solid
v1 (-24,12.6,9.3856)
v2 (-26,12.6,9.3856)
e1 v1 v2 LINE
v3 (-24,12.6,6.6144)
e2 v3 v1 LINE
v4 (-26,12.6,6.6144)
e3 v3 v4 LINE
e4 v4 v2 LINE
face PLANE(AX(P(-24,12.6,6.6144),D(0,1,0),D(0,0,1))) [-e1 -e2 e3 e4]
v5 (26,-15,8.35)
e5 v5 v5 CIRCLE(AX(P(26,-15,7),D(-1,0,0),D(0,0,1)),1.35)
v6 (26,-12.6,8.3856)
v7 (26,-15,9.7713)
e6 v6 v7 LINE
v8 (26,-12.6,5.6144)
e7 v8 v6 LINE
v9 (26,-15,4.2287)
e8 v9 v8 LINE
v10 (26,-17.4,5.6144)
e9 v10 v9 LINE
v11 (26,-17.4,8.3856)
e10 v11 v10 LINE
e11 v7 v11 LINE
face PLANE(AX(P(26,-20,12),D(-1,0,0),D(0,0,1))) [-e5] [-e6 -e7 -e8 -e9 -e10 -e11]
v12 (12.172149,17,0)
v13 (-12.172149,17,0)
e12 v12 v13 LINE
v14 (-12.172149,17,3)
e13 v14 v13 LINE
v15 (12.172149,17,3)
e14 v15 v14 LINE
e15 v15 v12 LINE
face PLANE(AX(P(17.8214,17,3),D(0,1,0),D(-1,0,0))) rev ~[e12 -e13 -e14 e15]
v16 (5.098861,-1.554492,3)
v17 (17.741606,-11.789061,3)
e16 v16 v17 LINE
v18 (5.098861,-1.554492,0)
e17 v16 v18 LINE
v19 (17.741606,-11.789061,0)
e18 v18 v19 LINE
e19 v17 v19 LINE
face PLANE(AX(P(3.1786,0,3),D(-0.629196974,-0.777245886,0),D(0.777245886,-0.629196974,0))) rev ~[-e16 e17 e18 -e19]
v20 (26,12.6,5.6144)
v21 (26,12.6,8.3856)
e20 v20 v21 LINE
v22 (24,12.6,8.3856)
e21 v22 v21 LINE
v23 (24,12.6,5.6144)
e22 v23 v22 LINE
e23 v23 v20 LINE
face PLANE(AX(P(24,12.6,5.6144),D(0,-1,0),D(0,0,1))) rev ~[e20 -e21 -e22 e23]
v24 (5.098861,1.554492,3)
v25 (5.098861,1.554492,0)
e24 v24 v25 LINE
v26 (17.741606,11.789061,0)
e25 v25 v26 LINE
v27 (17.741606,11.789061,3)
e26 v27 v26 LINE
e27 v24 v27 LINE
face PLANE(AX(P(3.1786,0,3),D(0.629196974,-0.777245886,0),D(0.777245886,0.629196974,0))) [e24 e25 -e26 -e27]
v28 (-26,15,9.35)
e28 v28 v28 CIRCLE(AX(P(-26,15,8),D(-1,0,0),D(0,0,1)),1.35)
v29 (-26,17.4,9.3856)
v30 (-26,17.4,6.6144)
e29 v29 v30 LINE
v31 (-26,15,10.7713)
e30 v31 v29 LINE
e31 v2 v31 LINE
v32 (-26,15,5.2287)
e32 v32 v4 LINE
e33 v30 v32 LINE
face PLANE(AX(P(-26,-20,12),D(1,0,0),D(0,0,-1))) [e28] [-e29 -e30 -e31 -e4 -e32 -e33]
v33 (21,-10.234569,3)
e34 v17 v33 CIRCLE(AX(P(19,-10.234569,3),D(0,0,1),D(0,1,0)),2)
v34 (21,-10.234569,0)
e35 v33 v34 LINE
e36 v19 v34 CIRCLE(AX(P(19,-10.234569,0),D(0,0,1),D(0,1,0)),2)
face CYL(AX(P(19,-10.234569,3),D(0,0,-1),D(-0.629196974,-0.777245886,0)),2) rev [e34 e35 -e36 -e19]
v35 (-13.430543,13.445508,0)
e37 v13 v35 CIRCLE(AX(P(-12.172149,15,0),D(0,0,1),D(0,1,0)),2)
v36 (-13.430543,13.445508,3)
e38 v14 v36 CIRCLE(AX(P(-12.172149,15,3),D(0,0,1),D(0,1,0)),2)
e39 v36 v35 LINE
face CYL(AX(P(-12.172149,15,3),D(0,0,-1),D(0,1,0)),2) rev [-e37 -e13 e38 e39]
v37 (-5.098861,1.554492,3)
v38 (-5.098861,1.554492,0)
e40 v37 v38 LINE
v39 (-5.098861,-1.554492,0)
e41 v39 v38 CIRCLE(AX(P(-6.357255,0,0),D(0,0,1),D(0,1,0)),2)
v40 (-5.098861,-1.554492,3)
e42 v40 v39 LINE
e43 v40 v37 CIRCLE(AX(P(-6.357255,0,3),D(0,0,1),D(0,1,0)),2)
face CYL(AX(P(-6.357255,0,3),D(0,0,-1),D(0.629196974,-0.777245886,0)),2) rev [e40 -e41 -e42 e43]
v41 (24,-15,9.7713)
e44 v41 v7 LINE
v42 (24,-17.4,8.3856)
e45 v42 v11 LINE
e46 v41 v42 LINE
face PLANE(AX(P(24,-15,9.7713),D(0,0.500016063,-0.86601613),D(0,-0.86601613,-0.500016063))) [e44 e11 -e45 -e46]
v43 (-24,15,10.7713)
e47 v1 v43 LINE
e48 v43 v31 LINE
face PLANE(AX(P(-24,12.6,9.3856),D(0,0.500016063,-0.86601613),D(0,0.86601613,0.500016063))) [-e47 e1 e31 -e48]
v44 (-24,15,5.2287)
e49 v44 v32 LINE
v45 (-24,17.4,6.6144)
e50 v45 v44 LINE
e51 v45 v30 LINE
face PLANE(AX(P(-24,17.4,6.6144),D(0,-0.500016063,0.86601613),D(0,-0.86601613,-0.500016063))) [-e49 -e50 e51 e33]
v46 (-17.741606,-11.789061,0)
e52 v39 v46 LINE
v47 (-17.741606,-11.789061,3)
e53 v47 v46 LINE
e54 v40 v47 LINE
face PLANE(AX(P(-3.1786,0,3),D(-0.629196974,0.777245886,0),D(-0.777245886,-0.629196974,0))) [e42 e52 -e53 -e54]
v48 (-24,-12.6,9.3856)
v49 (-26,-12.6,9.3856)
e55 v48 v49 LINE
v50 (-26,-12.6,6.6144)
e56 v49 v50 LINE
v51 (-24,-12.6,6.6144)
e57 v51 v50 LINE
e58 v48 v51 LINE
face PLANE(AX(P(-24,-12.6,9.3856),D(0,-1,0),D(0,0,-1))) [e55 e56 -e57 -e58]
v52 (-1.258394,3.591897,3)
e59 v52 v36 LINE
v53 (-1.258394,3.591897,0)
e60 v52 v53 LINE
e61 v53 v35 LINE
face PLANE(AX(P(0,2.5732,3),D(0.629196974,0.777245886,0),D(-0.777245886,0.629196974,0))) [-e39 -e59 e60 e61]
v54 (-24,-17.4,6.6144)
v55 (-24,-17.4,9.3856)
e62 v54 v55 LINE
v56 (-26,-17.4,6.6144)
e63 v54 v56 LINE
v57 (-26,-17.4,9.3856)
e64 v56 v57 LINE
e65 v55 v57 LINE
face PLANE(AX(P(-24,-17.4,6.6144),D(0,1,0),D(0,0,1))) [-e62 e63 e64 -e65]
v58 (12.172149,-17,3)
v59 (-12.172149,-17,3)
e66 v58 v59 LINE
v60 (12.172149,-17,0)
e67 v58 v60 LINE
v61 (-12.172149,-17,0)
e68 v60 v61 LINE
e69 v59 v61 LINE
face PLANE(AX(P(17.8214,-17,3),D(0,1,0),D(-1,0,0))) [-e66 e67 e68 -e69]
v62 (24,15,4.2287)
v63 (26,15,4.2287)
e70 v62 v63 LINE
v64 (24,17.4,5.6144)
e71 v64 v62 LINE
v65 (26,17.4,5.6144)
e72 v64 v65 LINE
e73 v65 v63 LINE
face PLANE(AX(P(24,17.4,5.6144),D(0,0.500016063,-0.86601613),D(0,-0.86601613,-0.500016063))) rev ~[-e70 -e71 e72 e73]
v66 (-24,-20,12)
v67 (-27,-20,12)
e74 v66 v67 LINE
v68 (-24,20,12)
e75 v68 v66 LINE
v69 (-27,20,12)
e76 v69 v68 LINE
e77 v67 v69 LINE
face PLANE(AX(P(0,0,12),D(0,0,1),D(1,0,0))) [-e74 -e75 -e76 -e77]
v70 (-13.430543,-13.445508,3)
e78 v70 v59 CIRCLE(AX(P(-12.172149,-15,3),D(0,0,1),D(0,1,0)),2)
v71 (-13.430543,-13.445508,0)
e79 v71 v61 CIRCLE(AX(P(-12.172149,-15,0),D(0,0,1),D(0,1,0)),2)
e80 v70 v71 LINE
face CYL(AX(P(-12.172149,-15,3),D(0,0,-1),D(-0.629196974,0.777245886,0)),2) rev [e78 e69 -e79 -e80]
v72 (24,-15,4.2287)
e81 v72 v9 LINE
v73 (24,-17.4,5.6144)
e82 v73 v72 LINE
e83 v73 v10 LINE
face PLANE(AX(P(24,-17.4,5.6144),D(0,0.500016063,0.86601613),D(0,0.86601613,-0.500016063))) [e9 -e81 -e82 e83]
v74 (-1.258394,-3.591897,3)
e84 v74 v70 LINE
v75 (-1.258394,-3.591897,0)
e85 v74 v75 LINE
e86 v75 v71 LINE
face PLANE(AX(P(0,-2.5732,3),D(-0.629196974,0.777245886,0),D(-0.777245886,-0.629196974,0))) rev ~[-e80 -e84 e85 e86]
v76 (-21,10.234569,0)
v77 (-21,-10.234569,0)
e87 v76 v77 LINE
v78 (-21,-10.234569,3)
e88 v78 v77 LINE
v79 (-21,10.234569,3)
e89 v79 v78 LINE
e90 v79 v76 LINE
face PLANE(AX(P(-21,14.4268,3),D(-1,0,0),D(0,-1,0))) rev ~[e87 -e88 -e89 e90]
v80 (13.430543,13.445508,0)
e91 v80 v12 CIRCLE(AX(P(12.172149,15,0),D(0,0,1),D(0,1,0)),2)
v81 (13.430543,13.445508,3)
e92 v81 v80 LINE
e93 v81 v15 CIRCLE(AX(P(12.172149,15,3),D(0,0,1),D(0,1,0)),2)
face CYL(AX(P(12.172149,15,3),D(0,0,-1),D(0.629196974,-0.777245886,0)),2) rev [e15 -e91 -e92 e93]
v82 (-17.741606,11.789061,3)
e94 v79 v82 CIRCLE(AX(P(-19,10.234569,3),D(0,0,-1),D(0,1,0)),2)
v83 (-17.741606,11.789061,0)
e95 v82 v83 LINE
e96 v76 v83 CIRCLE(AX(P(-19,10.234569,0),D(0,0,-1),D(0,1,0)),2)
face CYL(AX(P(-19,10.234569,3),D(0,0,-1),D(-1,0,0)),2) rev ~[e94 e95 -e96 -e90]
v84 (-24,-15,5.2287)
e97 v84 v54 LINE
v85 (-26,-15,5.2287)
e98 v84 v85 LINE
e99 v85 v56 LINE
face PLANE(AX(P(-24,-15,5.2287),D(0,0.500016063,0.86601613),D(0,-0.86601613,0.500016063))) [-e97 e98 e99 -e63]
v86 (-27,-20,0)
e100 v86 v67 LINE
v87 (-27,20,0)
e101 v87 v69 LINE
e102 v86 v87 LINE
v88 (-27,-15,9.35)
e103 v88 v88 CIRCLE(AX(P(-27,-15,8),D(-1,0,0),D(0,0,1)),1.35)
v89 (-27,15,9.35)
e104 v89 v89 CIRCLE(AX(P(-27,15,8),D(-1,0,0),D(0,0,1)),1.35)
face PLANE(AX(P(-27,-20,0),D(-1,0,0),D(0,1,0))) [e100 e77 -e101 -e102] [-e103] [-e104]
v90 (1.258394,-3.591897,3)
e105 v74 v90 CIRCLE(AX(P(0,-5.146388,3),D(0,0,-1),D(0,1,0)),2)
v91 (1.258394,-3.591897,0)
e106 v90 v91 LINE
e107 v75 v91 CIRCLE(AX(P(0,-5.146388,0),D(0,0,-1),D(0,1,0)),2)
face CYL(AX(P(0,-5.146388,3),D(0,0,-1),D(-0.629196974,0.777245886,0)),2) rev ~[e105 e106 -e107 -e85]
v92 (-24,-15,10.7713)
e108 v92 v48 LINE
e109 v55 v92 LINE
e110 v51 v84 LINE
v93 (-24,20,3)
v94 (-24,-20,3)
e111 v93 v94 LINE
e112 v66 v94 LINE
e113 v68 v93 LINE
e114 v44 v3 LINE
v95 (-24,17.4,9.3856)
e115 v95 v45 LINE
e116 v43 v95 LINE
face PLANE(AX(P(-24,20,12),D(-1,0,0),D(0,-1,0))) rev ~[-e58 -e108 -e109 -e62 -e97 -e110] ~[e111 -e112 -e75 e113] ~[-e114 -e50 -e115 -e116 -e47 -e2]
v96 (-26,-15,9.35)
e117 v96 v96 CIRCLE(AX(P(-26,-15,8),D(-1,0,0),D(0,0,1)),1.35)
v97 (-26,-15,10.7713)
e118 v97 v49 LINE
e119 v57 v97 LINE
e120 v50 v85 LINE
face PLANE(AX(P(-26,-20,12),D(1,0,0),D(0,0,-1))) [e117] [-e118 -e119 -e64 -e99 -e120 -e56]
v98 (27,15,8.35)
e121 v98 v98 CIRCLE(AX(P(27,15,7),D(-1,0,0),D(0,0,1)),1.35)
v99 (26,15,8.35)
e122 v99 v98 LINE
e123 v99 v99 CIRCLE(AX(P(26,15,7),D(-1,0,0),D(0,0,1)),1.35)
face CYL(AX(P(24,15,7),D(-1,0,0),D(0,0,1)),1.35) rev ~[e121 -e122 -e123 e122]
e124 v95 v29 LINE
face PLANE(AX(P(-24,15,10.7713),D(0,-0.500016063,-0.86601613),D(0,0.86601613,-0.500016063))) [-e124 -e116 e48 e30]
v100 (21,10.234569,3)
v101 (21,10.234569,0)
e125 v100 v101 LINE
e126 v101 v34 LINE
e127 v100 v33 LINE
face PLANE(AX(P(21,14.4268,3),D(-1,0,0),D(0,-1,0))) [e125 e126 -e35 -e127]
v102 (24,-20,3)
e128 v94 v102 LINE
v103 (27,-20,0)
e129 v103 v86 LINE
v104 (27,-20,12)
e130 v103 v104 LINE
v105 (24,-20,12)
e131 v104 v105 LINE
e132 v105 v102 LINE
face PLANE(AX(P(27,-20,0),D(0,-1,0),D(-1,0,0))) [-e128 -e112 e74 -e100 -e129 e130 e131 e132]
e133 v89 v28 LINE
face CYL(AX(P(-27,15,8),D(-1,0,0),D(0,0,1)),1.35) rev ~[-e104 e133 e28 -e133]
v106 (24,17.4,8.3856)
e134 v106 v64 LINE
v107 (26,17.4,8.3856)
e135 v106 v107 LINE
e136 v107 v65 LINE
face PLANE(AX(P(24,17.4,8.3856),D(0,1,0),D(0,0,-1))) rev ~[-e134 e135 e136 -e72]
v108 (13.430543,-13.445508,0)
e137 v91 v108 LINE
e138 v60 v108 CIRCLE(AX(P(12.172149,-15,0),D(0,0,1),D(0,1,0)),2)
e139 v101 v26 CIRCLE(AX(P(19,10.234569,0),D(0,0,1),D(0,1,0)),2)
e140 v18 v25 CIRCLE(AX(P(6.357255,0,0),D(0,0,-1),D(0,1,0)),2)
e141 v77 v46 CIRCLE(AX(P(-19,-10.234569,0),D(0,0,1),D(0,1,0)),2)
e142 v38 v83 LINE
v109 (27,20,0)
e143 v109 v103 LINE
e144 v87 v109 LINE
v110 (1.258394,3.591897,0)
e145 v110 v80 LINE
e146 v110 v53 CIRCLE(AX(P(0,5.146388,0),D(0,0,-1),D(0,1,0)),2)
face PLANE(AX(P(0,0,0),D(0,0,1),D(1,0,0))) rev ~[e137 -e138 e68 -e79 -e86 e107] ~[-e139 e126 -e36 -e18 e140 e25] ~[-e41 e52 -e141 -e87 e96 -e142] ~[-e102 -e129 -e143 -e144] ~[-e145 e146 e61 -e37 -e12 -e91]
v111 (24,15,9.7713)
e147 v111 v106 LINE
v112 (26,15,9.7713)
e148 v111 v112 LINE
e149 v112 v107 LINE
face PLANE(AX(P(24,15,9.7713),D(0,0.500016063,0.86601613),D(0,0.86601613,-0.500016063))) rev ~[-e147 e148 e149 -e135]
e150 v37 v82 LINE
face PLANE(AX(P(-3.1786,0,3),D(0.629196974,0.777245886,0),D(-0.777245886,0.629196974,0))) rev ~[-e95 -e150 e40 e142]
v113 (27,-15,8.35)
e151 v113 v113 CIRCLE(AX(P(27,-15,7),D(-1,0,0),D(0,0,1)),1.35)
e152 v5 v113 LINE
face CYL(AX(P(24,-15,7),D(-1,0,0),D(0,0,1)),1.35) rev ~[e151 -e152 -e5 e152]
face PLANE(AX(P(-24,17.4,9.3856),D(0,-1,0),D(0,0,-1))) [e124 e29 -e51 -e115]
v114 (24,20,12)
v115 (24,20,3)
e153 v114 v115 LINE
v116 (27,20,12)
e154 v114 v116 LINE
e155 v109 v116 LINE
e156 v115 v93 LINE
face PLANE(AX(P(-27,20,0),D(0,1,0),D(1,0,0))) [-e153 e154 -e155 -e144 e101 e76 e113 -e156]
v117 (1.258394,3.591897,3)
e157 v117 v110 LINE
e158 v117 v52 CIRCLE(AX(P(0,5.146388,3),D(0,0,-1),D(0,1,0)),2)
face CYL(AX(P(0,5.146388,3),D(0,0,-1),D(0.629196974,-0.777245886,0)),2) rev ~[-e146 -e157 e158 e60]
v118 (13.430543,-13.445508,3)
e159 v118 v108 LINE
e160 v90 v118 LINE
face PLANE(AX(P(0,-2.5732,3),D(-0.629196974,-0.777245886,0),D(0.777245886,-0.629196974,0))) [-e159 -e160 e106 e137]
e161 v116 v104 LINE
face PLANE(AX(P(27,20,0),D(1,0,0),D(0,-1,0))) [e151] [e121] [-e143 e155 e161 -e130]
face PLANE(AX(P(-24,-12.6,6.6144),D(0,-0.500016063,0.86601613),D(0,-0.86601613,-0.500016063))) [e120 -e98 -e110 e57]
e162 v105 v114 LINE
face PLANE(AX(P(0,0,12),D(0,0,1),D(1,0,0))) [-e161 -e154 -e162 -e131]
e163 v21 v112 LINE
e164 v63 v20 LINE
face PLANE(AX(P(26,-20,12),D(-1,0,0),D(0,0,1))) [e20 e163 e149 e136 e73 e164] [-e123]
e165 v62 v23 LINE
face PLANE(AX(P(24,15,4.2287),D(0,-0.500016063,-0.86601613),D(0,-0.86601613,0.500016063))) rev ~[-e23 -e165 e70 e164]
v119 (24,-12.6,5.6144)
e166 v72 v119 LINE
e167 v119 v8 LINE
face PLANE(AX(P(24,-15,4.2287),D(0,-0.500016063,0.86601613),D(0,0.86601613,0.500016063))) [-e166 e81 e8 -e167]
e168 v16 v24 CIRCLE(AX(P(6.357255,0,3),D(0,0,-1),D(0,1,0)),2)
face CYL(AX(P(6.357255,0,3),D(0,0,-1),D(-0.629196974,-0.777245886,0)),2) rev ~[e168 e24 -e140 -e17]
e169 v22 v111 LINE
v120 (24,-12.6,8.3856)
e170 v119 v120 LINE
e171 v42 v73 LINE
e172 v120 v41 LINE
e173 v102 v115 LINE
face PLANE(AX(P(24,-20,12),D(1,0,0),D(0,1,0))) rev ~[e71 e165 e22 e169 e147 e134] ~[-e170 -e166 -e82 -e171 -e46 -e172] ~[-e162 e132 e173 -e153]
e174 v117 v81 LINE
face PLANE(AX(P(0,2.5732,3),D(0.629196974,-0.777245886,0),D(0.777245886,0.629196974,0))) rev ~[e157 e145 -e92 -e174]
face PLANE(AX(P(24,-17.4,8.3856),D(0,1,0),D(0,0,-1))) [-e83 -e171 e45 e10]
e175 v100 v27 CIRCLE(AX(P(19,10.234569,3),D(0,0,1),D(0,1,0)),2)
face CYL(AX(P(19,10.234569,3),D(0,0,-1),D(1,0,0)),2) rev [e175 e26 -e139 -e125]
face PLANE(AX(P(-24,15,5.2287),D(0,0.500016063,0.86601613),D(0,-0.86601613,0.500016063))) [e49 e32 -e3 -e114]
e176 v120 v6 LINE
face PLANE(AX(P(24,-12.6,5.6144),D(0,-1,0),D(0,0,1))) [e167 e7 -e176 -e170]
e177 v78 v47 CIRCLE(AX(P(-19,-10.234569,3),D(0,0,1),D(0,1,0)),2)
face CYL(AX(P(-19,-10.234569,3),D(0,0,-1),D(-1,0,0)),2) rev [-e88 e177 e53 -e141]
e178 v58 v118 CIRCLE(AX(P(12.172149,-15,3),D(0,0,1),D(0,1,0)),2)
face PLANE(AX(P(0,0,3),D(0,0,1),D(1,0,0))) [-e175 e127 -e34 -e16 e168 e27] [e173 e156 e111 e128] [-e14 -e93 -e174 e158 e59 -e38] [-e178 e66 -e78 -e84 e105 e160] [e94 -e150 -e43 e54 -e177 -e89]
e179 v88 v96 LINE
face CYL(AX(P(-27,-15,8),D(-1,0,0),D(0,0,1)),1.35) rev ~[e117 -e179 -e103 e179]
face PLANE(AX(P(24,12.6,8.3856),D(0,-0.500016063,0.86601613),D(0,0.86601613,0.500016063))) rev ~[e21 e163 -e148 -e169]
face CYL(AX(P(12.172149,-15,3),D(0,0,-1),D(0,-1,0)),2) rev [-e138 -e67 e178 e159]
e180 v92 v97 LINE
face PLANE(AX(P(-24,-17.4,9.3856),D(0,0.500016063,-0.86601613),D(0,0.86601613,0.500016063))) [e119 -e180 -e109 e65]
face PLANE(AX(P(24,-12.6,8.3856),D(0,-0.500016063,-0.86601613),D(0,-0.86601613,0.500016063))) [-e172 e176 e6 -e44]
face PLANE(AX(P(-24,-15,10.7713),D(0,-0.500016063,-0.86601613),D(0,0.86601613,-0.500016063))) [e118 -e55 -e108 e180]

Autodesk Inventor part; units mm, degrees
ref_plane "YZ Plane" through (0, 0, 0) normal (1, 0, 0) x (0, 1, 0)
ref_plane "XZ Plane" through (0, 0, 0) normal (0, 1, 0) x (-1, 0, 0)
ref_plane "XY Plane" through (0, 0, 0) normal (0, 0, 1) x (1, 0, 0)
sketch "Sketch1" plane through (0, 0, 0) normal (0, 0, 1) x (1, 0, 0)
  line L0 (-27, 20) -> (27, 20)
  line L1 (27, 20) -> (27, -20)
  line L2 (27, -20) -> (-27, -20)
  line L3 (-27, -20) -> (-27, 20)
  line L4 (-27, 20) -> (27, -20) construction
  line L5 (27, 20) -> (-27, -20) construction
  point P0 (0, 0)
  dimension "d0" = 54
  dimension "d1" = 40
extrude "Extrusion1" add sketch "Sketch1" along normal blind 12
sketch "Sketch2" plane through (0, 0, 12) normal (0, 0, 1) x (1, 0, 0)
  line L0 (-24, -20) -> (24, -20)
  line L1 (24, -20) -> (24, 20)
  line L2 (24, 20) -> (-24, 20)
  line L3 (-24, 20) -> (-24, -20)
  line L4 (-24, -20) -> (24, 20) construction
  line L5 (24, -20) -> (-24, 20) construction
  point P0 (0, 0)
  dimension "d4" = 48
  dimension "d5" = 40
extrude "Extrusion2" cut sketch "Sketch2" against normal blind 9
sketch "Sketch3" plane through (-24, -20, 12) normal (1, 0, 0) x (0, 0, -1)
  line L0 (9, 0) -> (0, 0) projected
  line L1 (0, 0) -> (0, 5)
  line L2 (0, 40) -> (0, 0) projected
  line L3 (0, 5) -> (0, 35)
  line L4 (0, 5) -> (4, 5)
  line L5 (0, 0) -> (0, 40) projected
  line L6 (0, 5) -> (4, 5) construction
  line L7 (0, 35) -> (4, 35)
  line L8 (0, 35) -> (4, 35) construction
  line L9 (1.2287, 35) -> (2.6144, 37.4)
  line L10 (2.6144, 37.4) -> (5.3856, 37.4)
  line L11 (5.3856, 37.4) -> (6.7713, 35)
  line L12 (6.7713, 35) -> (5.3856, 32.6)
  line L13 (5.3856, 32.6) -> (2.6144, 32.6)
  line L14 (2.6144, 32.6) -> (1.2287, 35)
  line L15 (1.2287, 5) -> (2.6144, 7.4)
  line L16 (2.6144, 7.4) -> (5.3856, 7.4)
  line L17 (5.3856, 7.4) -> (6.7713, 5)
  line L18 (6.7713, 5) -> (5.3856, 2.6)
  line L19 (5.3856, 2.6) -> (2.6144, 2.6)
  line L20 (2.6144, 2.6) -> (1.2287, 5)
  line L21 (9, 40) -> (9, 0) construction
  line L22 (9, 0) -> (9, 40) construction
  point P0 (12, 20)
  dimension "d8" = 5
  dimension "d9" = 30
  dimension "d10" = 180
  dimension "d11" = 4
  dimension "d12" = 0
  dimension "d13" = 4
  dimension "d14" = 0
  dimension "d15" = 4.8
  dimension "d16" = 4.8
extrude "Extrusion3" cut sketch "Sketch3" against normal blind 2
sketch "Sketch4" plane through (24, -20, 12) normal (-1, 0, 0) x (0, 0, 1)
  line L0 (-9, 0) -> (-9, 5)
  line L1 (-9, 40) -> (-9, 0) projected
  line L2 (-9, 5) -> (-9, 20)
  line L3 (-9, 20) -> (-1, 20)
  line L4 (-9, 5) -> (-5, 5)
  line L5 (-9, 5) -> (-5, 5) construction
  line L6 (-7.7713, 5) -> (-6.3856, 7.4)
  line L7 (-6.3856, 7.4) -> (-3.6144, 7.4)
  line L8 (-3.6144, 7.4) -> (-2.2287, 5)
  line L9 (-2.2287, 5) -> (-3.6144, 2.6)
  line L10 (-3.6144, 2.6) -> (-6.3856, 2.6)
  line L11 (-6.3856, 2.6) -> (-7.7713, 5)
  line L12 (-7.7713, 35) -> (-6.3856, 32.6)
  line L13 (-6.3856, 32.6) -> (-3.6144, 32.6)
  line L14 (-3.6144, 32.6) -> (-2.2287, 35)
  line L15 (-2.2287, 35) -> (-3.6144, 37.4)
  line L16 (-3.6144, 37.4) -> (-6.3856, 37.4)
  line L17 (-6.3856, 37.4) -> (-7.7713, 35)
  point P0 (-12, 20)
  dimension "d19" = 5
  dimension "d20" = 15
  dimension "d21" = 180
  dimension "d22" = 8
  dimension "d23" = 90
  dimension "d24" = 4
  dimension "d25" = 0
  dimension "d26" = 4.8
extrude "Extrusion4" cut sketch "Sketch4" against normal blind 2
sketch "Sketch6" plane through (24, -20, 12) normal (-1, 0, 0) x (0, 0, 1)
  line L0 (-9, 0) -> (-9, 5)
  line L1 (-9, 0) -> (-4, 0) construction
  line L2 (-9, 5) -> (-5, 5)
  line L3 (-9, 5) -> (-9, 20)
  line L4 (-9, 5) -> (6, 5) construction
  line L5 (-9, 20) -> (-1, 20)
  circle A0 centre (-5, 5) radius 1.35
  circle A1 centre (-5, 35) radius 1.35
  point P0 (-12, 20)
  dimension "d29" = 5
  dimension "d30" = 90
  dimension "d31" = 4
  dimension "d32" = 90
  dimension "d33" = 15
  dimension "d34" = 90
  dimension "d35" = 8
  dimension "d36" = 90
  dimension "d37" = 2.7
extrude "Extrusion5" cut sketch "Sketch6" against normal up to surface (3 mm away)
sketch "Sketch7" plane through (-27, -20, 0) normal (-1, 0, 0) x (0, 0, 1)
  line L0 (12, 0) -> (12, 40) projected
  line L1 (12, 0) -> (12, 5)
  line L2 (12, 0) -> (17, 0) construction
  line L3 (12, 5) -> (8, 5)
  line L4 (12, 5) -> (12, 20)
  line L5 (12, 5) -> (27, 5) construction
  line L6 (12, 20) -> (0, 20)
  circle A0 centre (8, 5) radius 1.35
  circle A1 centre (8, 35) radius 1.35
  dimension "d40" = 5
  dimension "d41" = 90
  dimension "d42" = 4
  dimension "d43" = 90
  dimension "d44" = 15
  dimension "d45" = 90
  dimension "d46" = 2.7
extrude "Extrusion6" cut sketch "Sketch7" against normal up to surface (3 mm away)
sketch "Sketch8" plane through (0, 0, 3) normal (0, 0, 1) x (1, 0, 0)
  line L0 (24, -20) -> (-24, -20) projected
  line L1 (-24, -20) -> (-21, -20)
  line L2 (-24, -20) -> (-21, -20) construction
  line L3 (-24, 20) -> (24, 20) projected
  line L4 (-21, -20) -> (-21, -17)
  line L5 (-21, -20) -> (-18, -20) construction
  line L6 (-21, -17) -> (21, -17) construction
  line L7 (21, -17) -> (21, 17) construction
  line L8 (21, 17) -> (-21, 17)
  line L9 (-21, 17) -> (-21, -17)
  line L10 (21, -17) -> (21, -15)
  line L11 (21, -17) -> (23, -17) construction
  line L12 (21, -17) -> (19, -17)
  line L13 (21, -17) -> (23, -17) construction
  line L14 (21, -15) -> (41, -15) construction
  line L15 (-21, 17) -> (-21, 15)
  line L16 (21, 17) -> (-21, -17)
  line L17 (-21, 17) -> (21, -17)
  line L18 (-19.7416, -18.5545) -> (22.2584, 15.4455) construction
  line L19 (22.2584, 15.4455) -> (19.7416, 18.5545)
  line L20 (19.7416, 18.5545) -> (-22.2584, -15.4455) construction
  line L21 (-22.2584, -15.4455) -> (-19.7416, -18.5545)
  line L22 (-19.7416, -18.5545) -> (19.7416, 18.5545) construction
  line L23 (22.2584, 15.4455) -> (-22.2584, -15.4455) construction
  line L24 (-22.2584, 15.4455) -> (19.7416, -18.5545) construction
  line L25 (19.7416, -18.5545) -> (22.2584, -15.4455)
  line L26 (22.2584, -15.4455) -> (-19.7416, 18.5545) construction
  line L27 (-19.7416, 18.5545) -> (-22.2584, 15.4455)
  line L28 (-22.2584, 15.4455) -> (22.2584, -15.4455) construction
  line L29 (19.7416, -18.5545) -> (-19.7416, 18.5545) construction
  line L30 (0, -2.5732) -> (-17.8214, -17)
  line L31 (0, -2.5732) -> (17.8214, -17)
  line L32 (17.8214, -17) -> (-17.8214, -17)
  line L33 (24, -20) -> (-24, -20) construction
  line L34 (24, 20) -> (24, -20) construction
  line L35 (-24, 20) -> (24, 20) construction
  line L36 (-24, -20) -> (-24, 20) construction
  line L37 (-21, 0) -> (21, 0) construction
  line L38 (0, 17) -> (0, -17) construction
  line L39 (0, 2.5732) -> (-17.8214, 17)
  line L40 (0, 2.5732) -> (17.8214, 17)
  line L41 (17.8214, 17) -> (-17.8214, 17)
  line L42 (3.1786, 0) -> (21, -14.4268)
  line L43 (3.1786, 0) -> (21, 14.4268)
  line L44 (21, 14.4268) -> (21, -14.4268)
  line L45 (-3.1786, 0) -> (-21, -14.4268)
  line L46 (-3.1786, 0) -> (-21, 14.4268)
  line L47 (-21, 14.4268) -> (-21, -14.4268)
  point P0 (0, 0)
  dimension "d49" = 3
  dimension "d50" = 0
  dimension "d52" = 3
  dimension "d53" = 90
  dimension "d54" = 42
  dimension "d55" = 34
  dimension "d56" = 2
  dimension "d57" = 90
  dimension "d58" = 2
  dimension "d59" = 180
  dimension "d64" = 2
  dimension "d65" = 4
  dimension "d66" = 54.037
  dimension "d67" = 4
  dimension "d68" = 54.037
extrude "Extrusion7" cut sketch "Sketch8" against normal up to surface (3 mm away) contours L40 L39 L8 | L9 L46 L45 | L31 L32 L30 | L43 L44 L42
fillet "Fillet1" radius 2 12 edges at (-17.8214, -17, 1.5) (-21, -14.4268, 1.5) (-21, 14.4268, 1.5) (-17.8214, 17, 1.5) (21, 14.4268, 1.5) (17.8214, 17, 1.5) (0, 2.5732, 1.5) (-3.1786, 0, 1.5) (3.1786, 0, 1.5) (0, -2.5732, 1.5) (21, -14.4268, 1.5) (17.8214, -17, 1.5)
properties part number "upper_leg_spacer"
